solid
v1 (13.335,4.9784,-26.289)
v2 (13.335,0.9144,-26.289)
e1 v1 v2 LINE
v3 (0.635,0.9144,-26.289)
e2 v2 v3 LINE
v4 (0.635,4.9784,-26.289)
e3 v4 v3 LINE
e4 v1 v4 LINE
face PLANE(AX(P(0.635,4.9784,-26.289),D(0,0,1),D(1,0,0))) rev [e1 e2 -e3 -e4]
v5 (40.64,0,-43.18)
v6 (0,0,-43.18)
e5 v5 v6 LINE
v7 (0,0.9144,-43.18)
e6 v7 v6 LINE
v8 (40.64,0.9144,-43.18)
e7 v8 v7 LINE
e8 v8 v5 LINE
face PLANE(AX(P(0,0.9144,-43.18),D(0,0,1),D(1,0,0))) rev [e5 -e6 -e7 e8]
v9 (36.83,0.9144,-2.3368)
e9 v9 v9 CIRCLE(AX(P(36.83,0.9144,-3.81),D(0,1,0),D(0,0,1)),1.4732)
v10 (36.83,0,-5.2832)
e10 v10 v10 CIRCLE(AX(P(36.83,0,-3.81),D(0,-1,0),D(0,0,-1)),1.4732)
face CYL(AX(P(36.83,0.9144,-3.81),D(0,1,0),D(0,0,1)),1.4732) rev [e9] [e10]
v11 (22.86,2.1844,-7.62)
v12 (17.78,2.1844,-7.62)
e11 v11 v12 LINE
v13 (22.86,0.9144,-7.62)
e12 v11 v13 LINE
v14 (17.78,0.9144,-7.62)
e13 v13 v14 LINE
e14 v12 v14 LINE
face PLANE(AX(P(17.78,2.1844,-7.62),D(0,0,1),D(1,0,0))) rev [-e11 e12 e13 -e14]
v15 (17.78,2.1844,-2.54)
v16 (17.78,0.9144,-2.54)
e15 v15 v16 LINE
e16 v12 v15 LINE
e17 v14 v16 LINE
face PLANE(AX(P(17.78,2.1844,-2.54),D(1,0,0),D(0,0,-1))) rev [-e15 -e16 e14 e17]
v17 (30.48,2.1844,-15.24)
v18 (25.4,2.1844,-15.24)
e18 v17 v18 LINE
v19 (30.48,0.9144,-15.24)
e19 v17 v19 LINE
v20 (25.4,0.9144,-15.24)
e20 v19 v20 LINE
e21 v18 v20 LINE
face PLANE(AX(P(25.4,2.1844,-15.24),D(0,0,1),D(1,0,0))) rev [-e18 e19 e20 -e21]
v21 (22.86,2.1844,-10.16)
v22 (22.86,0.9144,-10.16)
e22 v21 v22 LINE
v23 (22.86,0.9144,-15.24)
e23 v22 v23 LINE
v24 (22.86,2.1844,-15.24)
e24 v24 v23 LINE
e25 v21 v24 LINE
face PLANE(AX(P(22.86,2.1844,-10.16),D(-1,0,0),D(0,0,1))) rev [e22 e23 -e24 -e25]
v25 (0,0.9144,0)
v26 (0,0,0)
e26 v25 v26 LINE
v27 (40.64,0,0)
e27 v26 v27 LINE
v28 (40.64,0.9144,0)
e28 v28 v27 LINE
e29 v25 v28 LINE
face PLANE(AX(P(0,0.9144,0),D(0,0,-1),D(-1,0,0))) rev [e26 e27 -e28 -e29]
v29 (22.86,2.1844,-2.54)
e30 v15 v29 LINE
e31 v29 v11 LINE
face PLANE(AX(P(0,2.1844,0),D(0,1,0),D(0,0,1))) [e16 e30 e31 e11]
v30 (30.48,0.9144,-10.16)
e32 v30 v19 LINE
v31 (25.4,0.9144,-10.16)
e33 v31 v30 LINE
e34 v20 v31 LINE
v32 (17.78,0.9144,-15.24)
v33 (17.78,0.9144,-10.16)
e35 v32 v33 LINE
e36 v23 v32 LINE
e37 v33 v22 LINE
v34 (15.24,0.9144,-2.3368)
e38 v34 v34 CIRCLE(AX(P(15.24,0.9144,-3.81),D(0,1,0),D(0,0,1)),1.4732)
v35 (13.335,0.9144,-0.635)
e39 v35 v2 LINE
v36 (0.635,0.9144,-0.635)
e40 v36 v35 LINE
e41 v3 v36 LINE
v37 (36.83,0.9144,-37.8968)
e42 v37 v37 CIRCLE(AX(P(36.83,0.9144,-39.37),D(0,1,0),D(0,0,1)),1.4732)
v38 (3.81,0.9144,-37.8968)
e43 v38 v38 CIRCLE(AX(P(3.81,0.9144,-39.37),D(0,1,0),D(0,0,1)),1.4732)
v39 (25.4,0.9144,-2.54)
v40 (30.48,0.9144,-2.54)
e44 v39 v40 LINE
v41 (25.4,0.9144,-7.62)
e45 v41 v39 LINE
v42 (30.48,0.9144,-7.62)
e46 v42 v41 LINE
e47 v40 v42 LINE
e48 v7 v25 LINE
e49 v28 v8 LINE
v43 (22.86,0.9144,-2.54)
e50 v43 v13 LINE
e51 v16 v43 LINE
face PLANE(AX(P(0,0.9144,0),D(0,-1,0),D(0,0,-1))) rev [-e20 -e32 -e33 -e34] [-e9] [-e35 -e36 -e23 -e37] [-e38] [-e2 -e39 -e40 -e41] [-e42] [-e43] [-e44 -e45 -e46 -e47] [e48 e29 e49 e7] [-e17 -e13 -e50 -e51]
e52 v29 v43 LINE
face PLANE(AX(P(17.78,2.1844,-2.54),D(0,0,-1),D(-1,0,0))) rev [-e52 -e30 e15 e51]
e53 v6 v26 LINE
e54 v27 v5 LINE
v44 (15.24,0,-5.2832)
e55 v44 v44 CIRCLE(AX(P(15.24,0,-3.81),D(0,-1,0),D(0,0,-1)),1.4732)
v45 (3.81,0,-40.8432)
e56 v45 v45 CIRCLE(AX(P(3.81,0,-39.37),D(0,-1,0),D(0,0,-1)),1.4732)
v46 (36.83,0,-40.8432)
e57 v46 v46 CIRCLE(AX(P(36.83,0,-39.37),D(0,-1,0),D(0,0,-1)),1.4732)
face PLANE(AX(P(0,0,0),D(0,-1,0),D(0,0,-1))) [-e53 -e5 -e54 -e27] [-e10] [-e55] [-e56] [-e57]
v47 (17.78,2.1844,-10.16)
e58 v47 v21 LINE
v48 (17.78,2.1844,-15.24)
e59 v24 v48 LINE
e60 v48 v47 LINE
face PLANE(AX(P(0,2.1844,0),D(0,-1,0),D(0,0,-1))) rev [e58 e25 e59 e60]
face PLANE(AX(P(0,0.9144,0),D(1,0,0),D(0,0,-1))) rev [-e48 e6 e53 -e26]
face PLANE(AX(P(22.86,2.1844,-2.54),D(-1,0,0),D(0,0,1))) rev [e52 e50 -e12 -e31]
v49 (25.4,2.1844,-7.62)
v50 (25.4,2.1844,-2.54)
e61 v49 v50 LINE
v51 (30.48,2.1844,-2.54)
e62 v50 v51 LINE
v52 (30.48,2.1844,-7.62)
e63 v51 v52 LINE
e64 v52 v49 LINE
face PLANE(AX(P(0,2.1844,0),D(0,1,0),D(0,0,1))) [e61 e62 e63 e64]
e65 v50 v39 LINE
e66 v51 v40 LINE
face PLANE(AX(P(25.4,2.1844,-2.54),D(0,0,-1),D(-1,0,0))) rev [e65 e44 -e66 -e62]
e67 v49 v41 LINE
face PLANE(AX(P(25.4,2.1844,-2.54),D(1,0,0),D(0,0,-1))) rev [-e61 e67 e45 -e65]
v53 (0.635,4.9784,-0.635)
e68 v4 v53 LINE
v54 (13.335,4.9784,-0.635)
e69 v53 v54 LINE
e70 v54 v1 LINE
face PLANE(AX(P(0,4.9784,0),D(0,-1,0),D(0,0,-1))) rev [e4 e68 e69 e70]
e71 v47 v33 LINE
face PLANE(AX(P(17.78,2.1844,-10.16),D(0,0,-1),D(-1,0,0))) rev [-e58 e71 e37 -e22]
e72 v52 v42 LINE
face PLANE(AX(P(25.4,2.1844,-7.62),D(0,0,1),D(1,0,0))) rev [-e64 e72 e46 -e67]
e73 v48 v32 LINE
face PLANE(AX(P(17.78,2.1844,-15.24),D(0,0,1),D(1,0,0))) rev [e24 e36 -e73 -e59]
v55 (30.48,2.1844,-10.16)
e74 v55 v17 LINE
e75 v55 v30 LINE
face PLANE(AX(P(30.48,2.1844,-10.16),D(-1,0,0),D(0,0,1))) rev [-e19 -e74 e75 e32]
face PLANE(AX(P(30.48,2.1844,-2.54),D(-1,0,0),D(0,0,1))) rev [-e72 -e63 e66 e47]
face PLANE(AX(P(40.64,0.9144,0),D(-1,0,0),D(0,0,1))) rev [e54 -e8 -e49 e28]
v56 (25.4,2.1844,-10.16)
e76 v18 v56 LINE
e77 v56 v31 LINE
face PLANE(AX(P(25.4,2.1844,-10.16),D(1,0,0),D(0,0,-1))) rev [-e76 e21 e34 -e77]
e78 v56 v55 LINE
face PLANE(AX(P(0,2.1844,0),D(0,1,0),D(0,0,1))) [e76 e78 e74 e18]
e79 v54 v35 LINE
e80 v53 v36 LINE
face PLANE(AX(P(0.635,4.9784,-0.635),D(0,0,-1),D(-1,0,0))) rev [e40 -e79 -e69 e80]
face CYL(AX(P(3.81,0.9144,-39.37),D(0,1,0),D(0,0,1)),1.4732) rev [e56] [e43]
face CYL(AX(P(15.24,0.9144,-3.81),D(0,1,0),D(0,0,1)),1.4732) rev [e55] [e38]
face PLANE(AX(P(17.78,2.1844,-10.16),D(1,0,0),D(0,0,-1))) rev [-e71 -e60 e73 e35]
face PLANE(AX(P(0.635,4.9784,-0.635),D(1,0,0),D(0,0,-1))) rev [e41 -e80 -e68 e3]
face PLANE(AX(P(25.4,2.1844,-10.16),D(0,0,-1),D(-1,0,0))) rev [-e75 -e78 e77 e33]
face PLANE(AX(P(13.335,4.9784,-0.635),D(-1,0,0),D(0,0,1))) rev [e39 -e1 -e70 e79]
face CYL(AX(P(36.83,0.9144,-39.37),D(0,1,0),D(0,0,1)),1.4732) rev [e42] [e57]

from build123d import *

# Parameters (mm, degrees)
SKETCH1_W                       = 40.64
SKETCH1_H                       = 43.18
BOSS_EXTRUDE1_DEPTH             = 0.9144
SKETCH3_W                       = 5.08
SKETCH3_H                       = 5.08
BOSS_EXTRUDE2_DEPTH             = 1.27
SKETCH4_W                       = 12.7
SKETCH4_H                       = 25.654
BOSS_EXTRUDE3_DEPTH             = 4.064
F_32_0_116_DIAMETER_HOLE1_D     = 2.9464
F_32_0_116_DIAMETER_HOLE1_DEPTH = 25.4
F_32_0_116_DIAMETER_HOLE1_TIP   = 0.885187864


with BuildPart() as part:
    # Sketch1 → Boss-Extrude1 (new body)
    with BuildSketch(Plane(origin=(0, 0, 0), x_dir=(1, 0, 0), z_dir=(0, 1, 0))):
        with Locations((20.32, 21.59)):
            Rectangle(SKETCH1_W, SKETCH1_H)
    extrude(amount=BOSS_EXTRUDE1_DEPTH)

    # Sketch3 → Boss-Extrude2 (add)
    with BuildSketch(Plane(origin=(0, 0.9144, 0), x_dir=(1, 0, 0), z_dir=(0, 1, 0))):
        with Locations((20.32, 12.7)):
            Rectangle(SKETCH3_W, SKETCH3_H)
        with Locations((27.94, 12.7)):
            Rectangle(SKETCH3_W, SKETCH3_H)
        with Locations((27.94, 5.08)):
            Rectangle(SKETCH3_W, SKETCH3_H)
        with Locations((20.32, 5.08)):
            Rectangle(SKETCH3_W, SKETCH3_H)
    extrude(amount=BOSS_EXTRUDE2_DEPTH)

    # Sketch4 → Boss-Extrude3 (add)
    with BuildSketch(Plane(origin=(0, 0.9144, 0), x_dir=(1, 0, 0), z_dir=(0, 1, 0))):
        with Locations((6.985, 13.462)):
            Rectangle(SKETCH4_W, SKETCH4_H)
    extrude(amount=BOSS_EXTRUDE3_DEPTH)

    # #32 (0.116) Diameter Hole1
    with Locations(Plane(origin=(0, 0.9144, 0), x_dir=(1, 0, 0), z_dir=(0, 1, 0))):
        with Locations((3.81, 39.37), (36.83, 39.37), (36.83, 3.81), (15.24, 3.81)):
            Hole(F_32_0_116_DIAMETER_HOLE1_D / 2, depth=F_32_0_116_DIAMETER_HOLE1_DEPTH)
            with Locations((0, 0, -(F_32_0_116_DIAMETER_HOLE1_DEPTH + F_32_0_116_DIAMETER_HOLE1_TIP / 2))):  # 118° drill point
                Cone(0, F_32_0_116_DIAMETER_HOLE1_D / 2, F_32_0_116_DIAMETER_HOLE1_TIP, mode=Mode.SUBTRACT)


solid = part.part
